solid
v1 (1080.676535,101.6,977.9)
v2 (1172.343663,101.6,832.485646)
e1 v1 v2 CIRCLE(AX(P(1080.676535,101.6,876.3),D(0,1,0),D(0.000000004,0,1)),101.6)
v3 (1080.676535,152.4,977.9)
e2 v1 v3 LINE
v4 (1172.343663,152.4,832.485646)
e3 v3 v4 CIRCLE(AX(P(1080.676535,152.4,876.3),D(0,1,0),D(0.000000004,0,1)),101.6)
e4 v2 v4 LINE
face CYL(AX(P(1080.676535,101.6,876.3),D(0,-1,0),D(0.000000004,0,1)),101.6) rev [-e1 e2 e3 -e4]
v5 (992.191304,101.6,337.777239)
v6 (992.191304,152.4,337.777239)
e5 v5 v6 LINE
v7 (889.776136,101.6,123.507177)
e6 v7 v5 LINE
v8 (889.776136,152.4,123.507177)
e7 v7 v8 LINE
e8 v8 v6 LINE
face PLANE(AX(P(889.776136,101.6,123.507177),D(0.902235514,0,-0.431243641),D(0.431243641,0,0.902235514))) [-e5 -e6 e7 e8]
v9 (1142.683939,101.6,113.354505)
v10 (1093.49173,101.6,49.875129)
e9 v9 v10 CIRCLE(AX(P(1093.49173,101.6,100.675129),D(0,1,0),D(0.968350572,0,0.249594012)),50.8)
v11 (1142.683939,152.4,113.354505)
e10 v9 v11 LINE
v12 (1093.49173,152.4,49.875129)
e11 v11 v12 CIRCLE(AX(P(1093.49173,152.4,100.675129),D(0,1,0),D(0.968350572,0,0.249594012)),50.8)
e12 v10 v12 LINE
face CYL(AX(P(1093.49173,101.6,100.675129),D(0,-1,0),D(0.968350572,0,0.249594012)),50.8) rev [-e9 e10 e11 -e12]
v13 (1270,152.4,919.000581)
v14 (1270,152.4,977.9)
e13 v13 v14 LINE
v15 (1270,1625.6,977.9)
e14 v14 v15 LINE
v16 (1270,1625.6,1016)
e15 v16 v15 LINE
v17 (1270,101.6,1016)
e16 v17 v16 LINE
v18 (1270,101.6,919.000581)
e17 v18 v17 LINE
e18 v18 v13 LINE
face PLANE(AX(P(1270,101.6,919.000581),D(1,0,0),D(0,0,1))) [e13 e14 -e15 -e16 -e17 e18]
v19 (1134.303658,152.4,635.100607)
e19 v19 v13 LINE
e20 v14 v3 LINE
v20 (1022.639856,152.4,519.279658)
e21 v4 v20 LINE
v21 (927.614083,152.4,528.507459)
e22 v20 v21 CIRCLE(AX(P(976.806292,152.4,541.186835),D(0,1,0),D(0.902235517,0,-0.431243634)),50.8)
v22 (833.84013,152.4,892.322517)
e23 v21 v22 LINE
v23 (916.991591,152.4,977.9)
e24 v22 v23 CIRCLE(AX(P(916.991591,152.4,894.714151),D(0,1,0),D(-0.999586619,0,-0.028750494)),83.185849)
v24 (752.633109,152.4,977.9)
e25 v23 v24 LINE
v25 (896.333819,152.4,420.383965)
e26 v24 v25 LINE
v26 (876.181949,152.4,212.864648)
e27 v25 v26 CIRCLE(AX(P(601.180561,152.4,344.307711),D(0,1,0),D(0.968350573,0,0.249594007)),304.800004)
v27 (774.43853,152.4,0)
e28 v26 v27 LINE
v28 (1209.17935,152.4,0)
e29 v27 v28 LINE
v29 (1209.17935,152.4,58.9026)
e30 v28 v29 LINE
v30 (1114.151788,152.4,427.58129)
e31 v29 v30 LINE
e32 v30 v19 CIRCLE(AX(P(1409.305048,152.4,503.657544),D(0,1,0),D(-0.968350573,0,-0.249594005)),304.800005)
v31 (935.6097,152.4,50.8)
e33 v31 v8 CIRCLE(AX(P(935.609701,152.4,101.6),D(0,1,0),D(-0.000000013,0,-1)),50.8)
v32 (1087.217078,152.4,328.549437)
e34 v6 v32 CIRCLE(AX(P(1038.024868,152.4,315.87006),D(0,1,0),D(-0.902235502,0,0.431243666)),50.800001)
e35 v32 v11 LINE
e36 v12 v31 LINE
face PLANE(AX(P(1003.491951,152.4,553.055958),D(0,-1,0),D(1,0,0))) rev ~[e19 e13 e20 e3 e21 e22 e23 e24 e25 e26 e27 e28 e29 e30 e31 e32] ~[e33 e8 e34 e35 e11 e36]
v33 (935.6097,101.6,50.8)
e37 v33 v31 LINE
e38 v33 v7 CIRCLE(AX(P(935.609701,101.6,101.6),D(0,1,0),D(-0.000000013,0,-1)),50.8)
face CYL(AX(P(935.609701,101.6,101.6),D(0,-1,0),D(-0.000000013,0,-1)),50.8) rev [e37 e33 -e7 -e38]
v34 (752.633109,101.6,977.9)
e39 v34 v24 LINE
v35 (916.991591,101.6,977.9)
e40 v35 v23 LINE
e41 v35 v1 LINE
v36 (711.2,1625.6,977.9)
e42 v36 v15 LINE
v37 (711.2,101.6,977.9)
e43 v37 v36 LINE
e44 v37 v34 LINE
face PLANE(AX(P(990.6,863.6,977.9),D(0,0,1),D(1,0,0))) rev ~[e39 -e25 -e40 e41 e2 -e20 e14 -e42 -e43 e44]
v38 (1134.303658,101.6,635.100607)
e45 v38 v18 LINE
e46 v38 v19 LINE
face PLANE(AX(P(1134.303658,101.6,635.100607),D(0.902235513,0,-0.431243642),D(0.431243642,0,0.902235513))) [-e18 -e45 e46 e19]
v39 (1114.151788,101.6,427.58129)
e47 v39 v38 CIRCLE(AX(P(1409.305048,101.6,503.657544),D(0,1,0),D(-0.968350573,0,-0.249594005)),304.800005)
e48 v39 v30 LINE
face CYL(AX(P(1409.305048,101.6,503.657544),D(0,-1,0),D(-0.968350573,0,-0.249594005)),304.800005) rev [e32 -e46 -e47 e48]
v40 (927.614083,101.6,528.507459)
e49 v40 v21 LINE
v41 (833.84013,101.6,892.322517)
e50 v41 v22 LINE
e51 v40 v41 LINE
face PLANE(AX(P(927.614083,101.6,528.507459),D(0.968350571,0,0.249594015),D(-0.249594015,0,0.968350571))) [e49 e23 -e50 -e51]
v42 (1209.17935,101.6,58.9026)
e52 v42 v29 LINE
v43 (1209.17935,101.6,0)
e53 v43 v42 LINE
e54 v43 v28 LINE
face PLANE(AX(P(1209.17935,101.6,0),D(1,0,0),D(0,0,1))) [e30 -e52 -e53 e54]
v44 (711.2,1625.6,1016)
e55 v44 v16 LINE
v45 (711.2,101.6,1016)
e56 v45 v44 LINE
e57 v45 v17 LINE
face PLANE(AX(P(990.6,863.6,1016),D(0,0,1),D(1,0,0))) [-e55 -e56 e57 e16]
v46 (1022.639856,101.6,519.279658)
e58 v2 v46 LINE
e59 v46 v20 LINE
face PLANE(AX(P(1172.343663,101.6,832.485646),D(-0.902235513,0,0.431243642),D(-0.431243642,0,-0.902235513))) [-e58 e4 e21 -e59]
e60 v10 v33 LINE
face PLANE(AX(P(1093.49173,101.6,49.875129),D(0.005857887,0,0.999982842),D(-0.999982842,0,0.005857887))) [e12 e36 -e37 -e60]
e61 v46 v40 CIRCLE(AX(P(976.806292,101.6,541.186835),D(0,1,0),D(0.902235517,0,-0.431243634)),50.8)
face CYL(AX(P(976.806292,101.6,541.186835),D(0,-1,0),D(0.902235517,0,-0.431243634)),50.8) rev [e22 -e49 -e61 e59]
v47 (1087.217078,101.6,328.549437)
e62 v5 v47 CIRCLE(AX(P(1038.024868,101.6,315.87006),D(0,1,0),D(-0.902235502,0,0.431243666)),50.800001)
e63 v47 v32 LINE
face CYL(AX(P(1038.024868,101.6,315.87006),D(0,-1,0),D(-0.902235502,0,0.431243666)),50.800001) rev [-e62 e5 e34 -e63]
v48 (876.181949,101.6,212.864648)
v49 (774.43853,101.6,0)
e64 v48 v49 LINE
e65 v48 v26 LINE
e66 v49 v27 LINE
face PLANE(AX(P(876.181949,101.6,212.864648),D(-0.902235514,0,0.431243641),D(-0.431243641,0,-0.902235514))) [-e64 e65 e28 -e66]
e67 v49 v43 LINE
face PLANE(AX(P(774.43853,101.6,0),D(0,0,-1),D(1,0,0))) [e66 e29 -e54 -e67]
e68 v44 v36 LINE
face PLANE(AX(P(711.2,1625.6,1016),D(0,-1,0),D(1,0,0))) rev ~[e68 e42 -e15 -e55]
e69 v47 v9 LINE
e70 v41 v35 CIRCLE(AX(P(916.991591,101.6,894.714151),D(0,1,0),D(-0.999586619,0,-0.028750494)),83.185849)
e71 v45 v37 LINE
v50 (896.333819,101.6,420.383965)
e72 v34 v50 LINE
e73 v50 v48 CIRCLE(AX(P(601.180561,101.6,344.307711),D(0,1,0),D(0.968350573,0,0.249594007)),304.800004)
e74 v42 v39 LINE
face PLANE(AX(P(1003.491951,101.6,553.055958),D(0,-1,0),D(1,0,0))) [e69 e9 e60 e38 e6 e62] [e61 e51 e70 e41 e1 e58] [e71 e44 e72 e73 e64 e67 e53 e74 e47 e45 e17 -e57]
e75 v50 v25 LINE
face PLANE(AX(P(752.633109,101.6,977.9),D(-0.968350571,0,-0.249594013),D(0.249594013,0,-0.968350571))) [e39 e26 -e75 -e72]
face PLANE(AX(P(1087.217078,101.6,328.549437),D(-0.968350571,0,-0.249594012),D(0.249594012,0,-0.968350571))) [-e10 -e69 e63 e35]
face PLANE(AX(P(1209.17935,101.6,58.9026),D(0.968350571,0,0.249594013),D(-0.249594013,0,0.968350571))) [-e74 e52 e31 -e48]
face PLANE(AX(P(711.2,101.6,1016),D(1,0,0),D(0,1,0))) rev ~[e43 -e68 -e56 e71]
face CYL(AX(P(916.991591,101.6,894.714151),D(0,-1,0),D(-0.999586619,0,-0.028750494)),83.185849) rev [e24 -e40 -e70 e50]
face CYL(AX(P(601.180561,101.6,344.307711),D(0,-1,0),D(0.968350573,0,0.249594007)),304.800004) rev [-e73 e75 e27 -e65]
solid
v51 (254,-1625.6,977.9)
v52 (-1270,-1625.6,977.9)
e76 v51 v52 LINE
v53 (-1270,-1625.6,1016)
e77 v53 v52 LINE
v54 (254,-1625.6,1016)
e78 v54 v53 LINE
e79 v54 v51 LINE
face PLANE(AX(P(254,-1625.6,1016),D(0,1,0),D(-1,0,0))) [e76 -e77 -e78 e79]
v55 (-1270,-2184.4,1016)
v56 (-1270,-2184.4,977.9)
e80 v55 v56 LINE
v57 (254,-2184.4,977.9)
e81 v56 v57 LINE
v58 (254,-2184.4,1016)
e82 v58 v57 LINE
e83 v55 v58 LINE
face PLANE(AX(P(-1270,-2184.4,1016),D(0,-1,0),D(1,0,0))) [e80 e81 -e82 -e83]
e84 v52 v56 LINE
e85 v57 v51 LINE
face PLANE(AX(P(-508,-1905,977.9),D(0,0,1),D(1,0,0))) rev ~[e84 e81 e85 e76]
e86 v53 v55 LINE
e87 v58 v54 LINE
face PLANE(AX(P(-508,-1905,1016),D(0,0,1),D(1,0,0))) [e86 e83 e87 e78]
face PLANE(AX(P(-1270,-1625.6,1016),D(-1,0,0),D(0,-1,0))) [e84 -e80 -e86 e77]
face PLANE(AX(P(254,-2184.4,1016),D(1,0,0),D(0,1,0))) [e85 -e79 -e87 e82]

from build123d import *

# Parameters (mm, degrees)
F2_W     = 558.8
F2_H     = 1524
F3_DEPTH = 38.1
F5_DEPTH = 50.8


with BuildPart() as f3:
    # F2 (on offset) → F3 (new body)
    with BuildSketch(Plane.XY.offset(1016)):
        Polygon((254, -1625.6), (-558.8, -1625.6), (-1270, -1625.6), (-1270, -2184.4), (254, -2184.4), align=None)
        with Locations((990.6, 863.6)):
            Rectangle(F2_W, F2_H)
    extrude(amount=-F3_DEPTH)

    # F4 (on face) → F5 (join)
    with BuildSketch(Plane.XZ.offset(-101.6)):
        with BuildLine():
            Line((774.43853, 0), (802.590824, 0))
            Line((802.590824, 0), (1209.17935, 0))
            Line((1209.17935, 0), (1209.17935, 58.9026))
            Line((1209.17935, 58.9026), (1114.151788, 427.58129))
            ThreePointArc((1114.151788, 427.58129), (1105.932096, 533.117607), (1134.303658, 635.100607))
            Line((1134.303658, 635.100607), (1270, 919.000581))
            Line((1270, 919.000581), (1270, 977.9))
            Line((1270, 977.9), (1241.847705, 977.9))
            Line((1241.847705, 977.9), (1080.676535, 977.9))
            ThreePointArc((1080.676535, 977.9), (1166.624479, 930.480355), (1172.343663, 832.485646))
            Line((1172.343663, 832.485646), (1022.639856, 519.279658))
            ThreePointArc((1022.639856, 519.279658), (971.896281, 490.624677), (927.614083, 528.507459))
            Line((927.614083, 528.507459), (833.84013, 892.322517))
            ThreePointArc((833.84013, 892.322517), (857.330735, 952.683692), (916.991591, 977.9))
            Line((916.991591, 977.9), (752.633109, 977.9))
            Line((752.633109, 977.9), (896.333819, 420.383965))
            ThreePointArc((896.333819, 420.383965), (904.553511, 314.847647), (876.181949, 212.864648))
            Line((876.181949, 212.864648), (774.43853, 0))
        make_face()
        with BuildLine():
            Line((1087.217078, 328.549437), (1142.683939, 113.354505))
            ThreePointArc((1142.683939, 113.354505), (1133.646134, 69.558191), (1093.49173, 49.875129))
            Line((1093.49173, 49.875129), (935.6097, 50.8))
            ThreePointArc((935.6097, 50.8), (892.635728, 74.509823), (889.776136, 123.507177))
            Line((889.776136, 123.507177), (992.191304, 337.777239))
            ThreePointArc((992.191304, 337.777239), (1042.934879, 366.432219), (1087.217078, 328.549437))
        make_face(mode=Mode.SUBTRACT)
    extrude(amount=-F5_DEPTH)


solid = f3.part
